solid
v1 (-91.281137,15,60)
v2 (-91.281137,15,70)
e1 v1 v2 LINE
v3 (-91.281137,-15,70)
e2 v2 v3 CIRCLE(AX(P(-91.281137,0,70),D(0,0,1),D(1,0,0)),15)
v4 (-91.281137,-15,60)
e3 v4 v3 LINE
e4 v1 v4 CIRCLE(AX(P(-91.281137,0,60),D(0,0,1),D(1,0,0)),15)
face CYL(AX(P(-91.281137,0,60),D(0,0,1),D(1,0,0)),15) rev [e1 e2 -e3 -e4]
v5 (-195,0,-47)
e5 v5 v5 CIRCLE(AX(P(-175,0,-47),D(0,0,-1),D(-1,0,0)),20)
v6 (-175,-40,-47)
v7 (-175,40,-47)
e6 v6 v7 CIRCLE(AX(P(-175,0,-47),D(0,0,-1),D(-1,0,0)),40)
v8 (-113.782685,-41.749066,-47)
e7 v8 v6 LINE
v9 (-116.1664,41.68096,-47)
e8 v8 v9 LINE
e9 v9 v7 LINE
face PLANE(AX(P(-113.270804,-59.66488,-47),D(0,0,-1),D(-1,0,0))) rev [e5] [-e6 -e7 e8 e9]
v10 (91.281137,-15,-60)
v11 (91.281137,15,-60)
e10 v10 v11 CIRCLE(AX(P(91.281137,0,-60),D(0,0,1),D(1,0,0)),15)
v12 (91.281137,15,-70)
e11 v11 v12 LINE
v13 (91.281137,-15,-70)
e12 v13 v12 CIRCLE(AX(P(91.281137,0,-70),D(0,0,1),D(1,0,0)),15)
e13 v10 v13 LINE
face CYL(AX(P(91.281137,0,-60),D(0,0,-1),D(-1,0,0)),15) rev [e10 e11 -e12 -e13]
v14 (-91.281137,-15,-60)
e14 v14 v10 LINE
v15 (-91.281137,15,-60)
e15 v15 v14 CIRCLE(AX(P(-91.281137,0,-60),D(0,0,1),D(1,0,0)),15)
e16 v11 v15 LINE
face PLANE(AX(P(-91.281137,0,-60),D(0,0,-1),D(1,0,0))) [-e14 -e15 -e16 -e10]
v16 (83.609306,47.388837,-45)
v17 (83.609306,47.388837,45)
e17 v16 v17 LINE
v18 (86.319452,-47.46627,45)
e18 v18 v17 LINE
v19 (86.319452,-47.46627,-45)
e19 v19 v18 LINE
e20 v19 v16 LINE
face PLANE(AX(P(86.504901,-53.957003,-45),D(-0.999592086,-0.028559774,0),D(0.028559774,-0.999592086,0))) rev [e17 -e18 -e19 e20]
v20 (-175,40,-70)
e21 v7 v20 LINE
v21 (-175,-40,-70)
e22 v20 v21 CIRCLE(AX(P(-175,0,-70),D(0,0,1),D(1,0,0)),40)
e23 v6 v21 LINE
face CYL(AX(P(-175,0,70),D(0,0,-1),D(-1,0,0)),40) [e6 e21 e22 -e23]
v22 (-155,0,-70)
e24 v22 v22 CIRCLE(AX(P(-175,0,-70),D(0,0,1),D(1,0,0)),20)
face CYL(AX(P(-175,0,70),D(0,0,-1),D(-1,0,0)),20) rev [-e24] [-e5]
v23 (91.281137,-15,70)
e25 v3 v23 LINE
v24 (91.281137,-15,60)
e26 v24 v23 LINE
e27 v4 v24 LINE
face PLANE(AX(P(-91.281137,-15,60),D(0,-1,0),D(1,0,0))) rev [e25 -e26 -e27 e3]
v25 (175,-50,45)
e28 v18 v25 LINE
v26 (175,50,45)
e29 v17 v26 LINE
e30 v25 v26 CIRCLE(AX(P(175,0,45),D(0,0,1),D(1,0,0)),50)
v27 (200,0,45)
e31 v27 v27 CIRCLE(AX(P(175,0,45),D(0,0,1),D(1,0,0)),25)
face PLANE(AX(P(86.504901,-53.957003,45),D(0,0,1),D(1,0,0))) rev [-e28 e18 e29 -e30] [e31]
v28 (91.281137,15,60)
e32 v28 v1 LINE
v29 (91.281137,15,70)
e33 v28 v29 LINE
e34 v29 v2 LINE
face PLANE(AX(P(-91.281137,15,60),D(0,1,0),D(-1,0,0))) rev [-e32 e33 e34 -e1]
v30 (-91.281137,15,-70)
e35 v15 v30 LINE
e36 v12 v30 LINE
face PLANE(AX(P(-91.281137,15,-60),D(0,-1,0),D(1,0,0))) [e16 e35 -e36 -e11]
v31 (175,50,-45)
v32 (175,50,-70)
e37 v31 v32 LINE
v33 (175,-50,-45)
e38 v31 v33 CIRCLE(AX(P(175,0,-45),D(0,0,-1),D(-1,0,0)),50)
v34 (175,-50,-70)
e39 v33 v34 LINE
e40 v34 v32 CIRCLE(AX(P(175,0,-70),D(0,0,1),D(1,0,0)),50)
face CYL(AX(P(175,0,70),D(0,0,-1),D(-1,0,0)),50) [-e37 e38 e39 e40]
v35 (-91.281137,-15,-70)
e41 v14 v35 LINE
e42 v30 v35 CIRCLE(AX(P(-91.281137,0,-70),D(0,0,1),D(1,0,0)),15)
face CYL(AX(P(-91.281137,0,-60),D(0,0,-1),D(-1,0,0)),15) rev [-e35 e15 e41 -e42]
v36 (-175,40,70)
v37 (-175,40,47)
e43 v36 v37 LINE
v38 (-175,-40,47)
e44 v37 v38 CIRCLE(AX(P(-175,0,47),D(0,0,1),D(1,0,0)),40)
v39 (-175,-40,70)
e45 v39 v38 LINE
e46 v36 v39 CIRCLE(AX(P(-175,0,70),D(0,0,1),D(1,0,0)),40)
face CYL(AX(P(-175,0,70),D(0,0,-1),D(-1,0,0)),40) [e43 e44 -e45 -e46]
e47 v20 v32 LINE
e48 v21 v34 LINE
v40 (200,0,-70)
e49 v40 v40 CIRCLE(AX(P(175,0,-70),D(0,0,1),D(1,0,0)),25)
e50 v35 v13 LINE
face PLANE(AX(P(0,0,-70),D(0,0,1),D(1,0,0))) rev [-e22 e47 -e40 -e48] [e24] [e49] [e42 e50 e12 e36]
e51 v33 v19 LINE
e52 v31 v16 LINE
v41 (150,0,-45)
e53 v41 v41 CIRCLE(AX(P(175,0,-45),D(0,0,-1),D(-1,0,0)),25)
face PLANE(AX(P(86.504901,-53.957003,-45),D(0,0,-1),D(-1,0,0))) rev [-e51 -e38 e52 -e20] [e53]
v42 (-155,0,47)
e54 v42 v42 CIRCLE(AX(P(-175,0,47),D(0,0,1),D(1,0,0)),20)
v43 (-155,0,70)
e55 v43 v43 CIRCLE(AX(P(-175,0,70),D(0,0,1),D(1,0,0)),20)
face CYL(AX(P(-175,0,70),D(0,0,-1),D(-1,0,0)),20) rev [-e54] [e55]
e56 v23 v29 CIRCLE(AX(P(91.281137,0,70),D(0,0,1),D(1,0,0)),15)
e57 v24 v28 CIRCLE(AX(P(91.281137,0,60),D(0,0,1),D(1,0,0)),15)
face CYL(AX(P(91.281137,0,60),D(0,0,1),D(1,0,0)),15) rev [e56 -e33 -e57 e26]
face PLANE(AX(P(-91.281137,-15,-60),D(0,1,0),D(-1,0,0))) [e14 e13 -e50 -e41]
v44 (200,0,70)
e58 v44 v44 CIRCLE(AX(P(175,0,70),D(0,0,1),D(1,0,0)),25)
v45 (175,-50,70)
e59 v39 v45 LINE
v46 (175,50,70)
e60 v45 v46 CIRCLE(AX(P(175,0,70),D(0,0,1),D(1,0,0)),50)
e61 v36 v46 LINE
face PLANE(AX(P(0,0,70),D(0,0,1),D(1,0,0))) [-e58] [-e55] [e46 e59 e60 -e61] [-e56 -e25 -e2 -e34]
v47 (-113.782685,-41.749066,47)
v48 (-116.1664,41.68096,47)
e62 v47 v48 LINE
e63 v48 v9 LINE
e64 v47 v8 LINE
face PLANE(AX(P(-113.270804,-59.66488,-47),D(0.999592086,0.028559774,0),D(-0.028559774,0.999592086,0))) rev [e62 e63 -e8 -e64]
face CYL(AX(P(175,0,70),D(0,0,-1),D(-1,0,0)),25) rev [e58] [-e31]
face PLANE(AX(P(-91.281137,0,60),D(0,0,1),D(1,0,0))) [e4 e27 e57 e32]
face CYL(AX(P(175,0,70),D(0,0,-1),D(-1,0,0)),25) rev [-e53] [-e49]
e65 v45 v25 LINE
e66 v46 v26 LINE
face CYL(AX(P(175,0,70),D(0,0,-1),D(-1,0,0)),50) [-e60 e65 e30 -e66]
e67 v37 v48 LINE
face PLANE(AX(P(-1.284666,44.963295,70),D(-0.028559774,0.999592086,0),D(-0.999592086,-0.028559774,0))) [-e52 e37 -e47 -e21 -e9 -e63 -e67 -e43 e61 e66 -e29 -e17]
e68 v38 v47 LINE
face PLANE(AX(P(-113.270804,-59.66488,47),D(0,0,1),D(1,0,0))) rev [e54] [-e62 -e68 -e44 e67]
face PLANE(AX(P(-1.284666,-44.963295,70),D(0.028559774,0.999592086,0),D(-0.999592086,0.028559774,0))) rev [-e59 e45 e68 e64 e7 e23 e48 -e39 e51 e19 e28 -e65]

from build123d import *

# Parameters (mm, degrees)
SKETCH1_R           = 20
SKETCH1_R_2         = 25
BOSS_EXTRUDE1_DEPTH = 70
SKETCH2_W           = 100
SKETCH2_H           = 94
SKETCH2_W_2         = 140
SKETCH2_H_2         = 90
CUT_EXTRUDE1_DEPTH  = 256.191648227
SKETCH3_W           = 2.284781912
SKETCH3_H           = 94
CUT_EXTRUDE4_DEPTH  = 45
CUT_EXTRUDE5_DEPTH  = 10


with BuildPart() as part:
    # Sketch1 → Boss-Extrude1 (new, symmetric)
    with BuildSketch(Plane.XY):
        with BuildLine():
            Line((172.145187602, 49.918433931), (-175, 40))
            ThreePointArc((-175, 40), (-215, 0), (-175, -40))
            Line((-175, -40), (172.145187602, -49.918433931))
            Line((172.145187602, -49.918433931), (175, -50))
            ThreePointArc((175, -50), (225, 0), (175, 50))
            Line((175, 50), (172.145187602, 49.918433931))
        make_face()
        with Locations((-175, 0)):
            Circle(SKETCH1_R, mode=Mode.SUBTRACT)
        with Locations((175, 0)):
            Circle(SKETCH1_R_2, mode=Mode.SUBTRACT)
    extrude(amount=BOSS_EXTRUDE1_DEPTH, both=True)

    # Sketch2 → Cut-Extrude1 (cut, through all)
    with BuildSketch(Plane(origin=(-1.284665579, 44.963295269, 0), x_dir=(0.9995920864606948, 0.028559773898877126, 0), z_dir=(-0.02855977389887713, 0.9995920864606949, 0))):
        with Locations((-164.928615131, 0)):
            Rectangle(SKETCH2_W, SKETCH2_H)
        with Locations((154.928615131, 0)):
            Rectangle(SKETCH2_W_2, SKETCH2_H_2)
    extrude(amount=-CUT_EXTRUDE1_DEPTH, mode=Mode.SUBTRACT)

    # Sketch3 → Cut-Extrude4 (cut, symmetric)
    with BuildSketch(Plane(origin=(-1.284665579, 44.963295269, 0), x_dir=(0.9995920864606948, 0.02855977389887712, 0), z_dir=(-0.028559773898877122, 0.9995920864606949, 0))):
        with Locations((-174.928615131, 0)):
            Rectangle(SKETCH3_W, SKETCH3_H)
    extrude(amount=CUT_EXTRUDE4_DEPTH, both=True, mode=Mode.SUBTRACT)

    # Sketch4 → Cut-Extrude5 (cut)
    with BuildSketch(Plane.XY.offset(70)):
        with BuildLine():
            Line((-91.281137221, 15), (91.281137221, 15))
            ThreePointArc((91.281137221, 15), (106.281137221, 0), (91.281137221, -15))
            Line((91.281137221, -15), (-91.281137221, -15))
            ThreePointArc((-91.281137221, -15), (-106.281137221, 0), (-91.281137221, 15))
        make_face()
    cut_extrude5 = extrude(amount=-CUT_EXTRUDE5_DEPTH, mode=Mode.SUBTRACT)

    # Mirror1: Cut-Extrude5 across plane
    add(cut_extrude5.mirror(Plane.XY), mode=Mode.SUBTRACT)


solid = part.part
